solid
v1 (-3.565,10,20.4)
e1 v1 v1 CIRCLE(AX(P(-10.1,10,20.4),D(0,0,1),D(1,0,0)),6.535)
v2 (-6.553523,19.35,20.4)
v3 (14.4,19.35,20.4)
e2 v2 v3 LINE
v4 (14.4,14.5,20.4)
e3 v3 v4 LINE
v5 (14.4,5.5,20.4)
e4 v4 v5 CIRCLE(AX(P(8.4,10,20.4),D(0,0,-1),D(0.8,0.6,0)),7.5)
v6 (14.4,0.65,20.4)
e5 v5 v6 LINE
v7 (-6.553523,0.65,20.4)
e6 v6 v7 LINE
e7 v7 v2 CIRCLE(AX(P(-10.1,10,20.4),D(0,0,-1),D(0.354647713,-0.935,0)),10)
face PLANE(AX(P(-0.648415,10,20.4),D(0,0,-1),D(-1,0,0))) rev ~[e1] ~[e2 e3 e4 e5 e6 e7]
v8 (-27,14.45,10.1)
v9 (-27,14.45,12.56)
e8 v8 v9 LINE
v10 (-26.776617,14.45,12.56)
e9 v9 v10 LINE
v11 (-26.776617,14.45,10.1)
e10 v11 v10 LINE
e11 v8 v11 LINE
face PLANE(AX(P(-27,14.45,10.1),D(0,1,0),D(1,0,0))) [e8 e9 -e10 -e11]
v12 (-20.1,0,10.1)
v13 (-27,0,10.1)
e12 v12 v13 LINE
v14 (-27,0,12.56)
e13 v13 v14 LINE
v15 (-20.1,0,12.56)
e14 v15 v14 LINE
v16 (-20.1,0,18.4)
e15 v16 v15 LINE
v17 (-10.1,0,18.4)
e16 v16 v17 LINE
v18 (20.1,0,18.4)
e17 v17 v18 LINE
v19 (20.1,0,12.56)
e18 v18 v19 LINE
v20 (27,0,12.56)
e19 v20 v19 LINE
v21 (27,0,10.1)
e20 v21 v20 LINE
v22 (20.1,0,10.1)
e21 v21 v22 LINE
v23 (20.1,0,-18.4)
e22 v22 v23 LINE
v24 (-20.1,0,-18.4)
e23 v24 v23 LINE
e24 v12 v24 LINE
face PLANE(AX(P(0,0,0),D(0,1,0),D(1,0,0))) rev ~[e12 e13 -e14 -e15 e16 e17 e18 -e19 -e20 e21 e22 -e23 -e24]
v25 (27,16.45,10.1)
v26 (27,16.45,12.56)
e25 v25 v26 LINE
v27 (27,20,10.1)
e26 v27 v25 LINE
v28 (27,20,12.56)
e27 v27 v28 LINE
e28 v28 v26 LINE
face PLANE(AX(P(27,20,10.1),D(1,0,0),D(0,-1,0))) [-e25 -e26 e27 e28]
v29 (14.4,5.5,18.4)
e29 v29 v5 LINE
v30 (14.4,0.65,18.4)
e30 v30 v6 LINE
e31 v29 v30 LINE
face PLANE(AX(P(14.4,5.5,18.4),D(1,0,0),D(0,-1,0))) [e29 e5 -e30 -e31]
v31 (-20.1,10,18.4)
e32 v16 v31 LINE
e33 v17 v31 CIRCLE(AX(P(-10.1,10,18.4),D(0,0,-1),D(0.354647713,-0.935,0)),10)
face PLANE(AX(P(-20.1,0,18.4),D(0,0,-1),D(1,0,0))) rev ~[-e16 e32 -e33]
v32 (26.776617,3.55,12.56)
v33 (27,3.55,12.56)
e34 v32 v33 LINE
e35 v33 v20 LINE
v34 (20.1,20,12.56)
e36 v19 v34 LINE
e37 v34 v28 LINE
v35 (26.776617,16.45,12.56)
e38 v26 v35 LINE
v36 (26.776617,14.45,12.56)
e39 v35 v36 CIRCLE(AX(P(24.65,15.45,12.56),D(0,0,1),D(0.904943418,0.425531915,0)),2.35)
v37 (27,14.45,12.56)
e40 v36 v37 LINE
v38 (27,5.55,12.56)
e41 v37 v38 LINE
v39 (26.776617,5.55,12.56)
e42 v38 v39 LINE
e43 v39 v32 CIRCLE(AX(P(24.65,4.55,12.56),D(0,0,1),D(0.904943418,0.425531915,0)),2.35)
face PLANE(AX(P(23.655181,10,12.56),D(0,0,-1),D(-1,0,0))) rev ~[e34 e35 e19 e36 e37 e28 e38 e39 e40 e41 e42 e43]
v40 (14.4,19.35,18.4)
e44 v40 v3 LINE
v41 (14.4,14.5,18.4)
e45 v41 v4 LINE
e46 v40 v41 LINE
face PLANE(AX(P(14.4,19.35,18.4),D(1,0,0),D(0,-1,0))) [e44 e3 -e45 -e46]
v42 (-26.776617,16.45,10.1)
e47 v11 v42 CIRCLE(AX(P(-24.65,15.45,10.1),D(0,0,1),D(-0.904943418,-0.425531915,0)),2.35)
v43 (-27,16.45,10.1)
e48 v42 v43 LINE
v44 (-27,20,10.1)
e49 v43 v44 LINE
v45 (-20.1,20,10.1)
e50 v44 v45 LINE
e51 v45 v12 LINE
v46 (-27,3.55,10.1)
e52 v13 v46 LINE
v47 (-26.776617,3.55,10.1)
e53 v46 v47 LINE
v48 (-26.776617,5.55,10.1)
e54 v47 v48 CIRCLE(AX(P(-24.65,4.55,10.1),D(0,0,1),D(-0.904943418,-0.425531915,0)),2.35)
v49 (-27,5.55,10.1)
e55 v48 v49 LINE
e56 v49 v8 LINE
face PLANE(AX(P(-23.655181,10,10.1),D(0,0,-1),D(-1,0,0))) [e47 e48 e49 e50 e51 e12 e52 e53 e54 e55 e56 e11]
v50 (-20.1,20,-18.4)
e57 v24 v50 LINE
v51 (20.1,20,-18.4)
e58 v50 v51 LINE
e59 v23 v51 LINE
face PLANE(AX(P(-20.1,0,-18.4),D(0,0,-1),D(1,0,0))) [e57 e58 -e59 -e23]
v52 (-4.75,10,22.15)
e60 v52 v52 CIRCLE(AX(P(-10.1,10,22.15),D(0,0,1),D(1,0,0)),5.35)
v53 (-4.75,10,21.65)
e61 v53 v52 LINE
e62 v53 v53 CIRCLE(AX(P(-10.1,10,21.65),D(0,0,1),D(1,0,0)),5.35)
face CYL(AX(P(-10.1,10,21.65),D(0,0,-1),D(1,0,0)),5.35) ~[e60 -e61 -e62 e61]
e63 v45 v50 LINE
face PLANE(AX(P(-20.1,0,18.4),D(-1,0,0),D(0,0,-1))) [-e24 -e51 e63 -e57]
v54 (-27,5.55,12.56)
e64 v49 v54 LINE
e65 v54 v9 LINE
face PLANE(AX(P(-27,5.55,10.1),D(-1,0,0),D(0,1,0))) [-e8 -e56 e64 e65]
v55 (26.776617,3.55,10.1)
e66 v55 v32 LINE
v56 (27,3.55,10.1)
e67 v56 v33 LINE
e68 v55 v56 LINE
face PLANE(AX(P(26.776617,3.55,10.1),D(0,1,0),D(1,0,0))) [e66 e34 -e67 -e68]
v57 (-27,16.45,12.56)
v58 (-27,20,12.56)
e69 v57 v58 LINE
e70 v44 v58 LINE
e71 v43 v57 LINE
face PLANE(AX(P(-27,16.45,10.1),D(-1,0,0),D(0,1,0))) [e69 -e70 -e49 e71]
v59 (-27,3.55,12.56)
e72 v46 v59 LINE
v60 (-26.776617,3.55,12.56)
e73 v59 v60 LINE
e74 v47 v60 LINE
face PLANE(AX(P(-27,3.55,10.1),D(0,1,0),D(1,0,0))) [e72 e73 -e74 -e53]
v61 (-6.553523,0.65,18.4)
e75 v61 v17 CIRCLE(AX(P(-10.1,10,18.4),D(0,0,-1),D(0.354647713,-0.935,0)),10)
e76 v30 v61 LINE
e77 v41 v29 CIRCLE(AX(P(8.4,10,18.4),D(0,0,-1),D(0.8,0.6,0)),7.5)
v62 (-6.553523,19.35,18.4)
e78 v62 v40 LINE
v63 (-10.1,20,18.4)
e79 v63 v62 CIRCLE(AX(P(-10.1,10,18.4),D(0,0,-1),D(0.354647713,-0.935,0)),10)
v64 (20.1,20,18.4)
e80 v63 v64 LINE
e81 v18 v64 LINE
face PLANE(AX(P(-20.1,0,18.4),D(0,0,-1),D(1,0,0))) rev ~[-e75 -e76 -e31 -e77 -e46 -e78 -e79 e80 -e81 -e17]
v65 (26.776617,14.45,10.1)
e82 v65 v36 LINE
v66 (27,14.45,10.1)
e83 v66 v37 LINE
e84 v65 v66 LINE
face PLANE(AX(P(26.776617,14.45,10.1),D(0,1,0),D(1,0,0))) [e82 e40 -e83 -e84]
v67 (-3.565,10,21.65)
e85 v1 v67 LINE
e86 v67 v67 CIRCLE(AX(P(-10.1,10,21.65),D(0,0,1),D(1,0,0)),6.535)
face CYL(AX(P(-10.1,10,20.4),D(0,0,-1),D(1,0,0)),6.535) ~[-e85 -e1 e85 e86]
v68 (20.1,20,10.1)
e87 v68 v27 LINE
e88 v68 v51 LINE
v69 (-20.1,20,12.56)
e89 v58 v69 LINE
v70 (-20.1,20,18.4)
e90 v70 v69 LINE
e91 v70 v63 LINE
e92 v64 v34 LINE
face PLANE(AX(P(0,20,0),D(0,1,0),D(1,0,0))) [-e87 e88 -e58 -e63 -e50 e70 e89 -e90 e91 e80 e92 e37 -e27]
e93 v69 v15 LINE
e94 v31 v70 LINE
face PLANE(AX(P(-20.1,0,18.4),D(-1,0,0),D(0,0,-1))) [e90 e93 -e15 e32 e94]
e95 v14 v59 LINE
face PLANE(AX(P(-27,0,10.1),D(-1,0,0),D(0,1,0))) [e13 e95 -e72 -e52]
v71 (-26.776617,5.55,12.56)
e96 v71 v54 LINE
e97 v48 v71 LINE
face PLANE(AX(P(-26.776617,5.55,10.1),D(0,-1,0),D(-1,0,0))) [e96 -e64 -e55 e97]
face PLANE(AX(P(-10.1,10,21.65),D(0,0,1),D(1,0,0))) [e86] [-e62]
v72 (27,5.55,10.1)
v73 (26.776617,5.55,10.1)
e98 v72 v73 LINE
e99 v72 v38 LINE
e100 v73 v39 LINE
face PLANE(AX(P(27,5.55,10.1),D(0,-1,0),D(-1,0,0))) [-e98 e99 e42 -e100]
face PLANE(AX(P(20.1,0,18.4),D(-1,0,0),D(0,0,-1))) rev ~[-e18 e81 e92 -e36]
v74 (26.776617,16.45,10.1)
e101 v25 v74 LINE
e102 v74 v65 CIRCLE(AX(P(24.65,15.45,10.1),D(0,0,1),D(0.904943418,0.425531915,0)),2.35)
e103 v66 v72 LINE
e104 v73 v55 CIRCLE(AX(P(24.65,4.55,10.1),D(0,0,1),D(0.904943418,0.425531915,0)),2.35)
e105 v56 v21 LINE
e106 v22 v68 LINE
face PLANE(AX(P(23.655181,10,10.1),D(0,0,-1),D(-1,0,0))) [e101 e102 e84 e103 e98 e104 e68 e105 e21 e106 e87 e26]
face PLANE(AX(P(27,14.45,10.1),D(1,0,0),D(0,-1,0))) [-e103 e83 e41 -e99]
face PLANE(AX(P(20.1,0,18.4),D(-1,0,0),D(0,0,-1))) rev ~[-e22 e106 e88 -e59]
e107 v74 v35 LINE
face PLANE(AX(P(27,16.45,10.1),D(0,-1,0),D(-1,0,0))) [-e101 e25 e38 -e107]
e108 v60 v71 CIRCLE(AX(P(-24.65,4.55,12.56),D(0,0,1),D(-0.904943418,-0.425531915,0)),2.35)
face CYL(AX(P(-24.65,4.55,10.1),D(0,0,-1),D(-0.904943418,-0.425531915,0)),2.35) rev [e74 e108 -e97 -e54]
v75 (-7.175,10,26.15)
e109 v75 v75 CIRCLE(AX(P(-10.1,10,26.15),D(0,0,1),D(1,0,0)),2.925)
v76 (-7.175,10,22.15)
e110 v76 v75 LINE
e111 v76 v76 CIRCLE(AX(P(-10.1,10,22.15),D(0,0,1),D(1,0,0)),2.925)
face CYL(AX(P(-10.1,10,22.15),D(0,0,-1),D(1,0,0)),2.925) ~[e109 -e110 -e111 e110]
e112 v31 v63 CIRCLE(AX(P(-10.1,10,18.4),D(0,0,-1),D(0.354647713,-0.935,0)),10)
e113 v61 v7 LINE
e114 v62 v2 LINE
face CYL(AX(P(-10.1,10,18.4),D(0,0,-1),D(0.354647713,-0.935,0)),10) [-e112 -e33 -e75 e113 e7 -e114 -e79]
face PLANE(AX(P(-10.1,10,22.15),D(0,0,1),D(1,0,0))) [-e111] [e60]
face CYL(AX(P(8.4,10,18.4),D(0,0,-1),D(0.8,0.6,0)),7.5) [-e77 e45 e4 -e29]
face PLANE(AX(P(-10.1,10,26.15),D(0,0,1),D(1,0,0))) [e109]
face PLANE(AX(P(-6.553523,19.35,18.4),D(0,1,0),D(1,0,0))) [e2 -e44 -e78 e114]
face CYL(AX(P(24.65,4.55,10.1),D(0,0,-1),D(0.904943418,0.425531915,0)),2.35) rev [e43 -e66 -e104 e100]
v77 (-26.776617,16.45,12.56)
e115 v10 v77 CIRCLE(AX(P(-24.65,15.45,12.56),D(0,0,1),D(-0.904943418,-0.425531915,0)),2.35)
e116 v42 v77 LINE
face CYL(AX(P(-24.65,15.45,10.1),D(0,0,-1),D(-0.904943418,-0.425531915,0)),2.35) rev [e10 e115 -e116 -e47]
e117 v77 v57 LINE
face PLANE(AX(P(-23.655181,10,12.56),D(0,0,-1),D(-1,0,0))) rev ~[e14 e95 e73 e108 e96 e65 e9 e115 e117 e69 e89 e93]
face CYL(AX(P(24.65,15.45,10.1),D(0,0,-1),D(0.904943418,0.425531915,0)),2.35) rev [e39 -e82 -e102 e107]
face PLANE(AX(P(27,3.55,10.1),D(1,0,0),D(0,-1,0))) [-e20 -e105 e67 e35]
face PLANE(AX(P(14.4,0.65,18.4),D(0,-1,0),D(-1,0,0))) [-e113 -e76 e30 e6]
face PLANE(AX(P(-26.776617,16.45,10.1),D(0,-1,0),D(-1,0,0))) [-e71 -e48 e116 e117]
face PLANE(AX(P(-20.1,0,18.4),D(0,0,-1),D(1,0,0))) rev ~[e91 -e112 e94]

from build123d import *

# Parameters (mm, degrees)
SKIZZE1_W                       = 40.2
SKIZZE1_H                       = 36.8
AUFSATZ_LINEAR_AUSTRAGEN1_DEPTH = 20
AUFSATZ_LINEAR_AUSTRAGEN2_DEPTH = 2
SKIZZE3_R                       = 6.535
AUFSATZ_LINEAR_AUSTRAGEN3_DEPTH = 1.25
SKIZZE4_R                       = 5.35
AUFSATZ_LINEAR_AUSTRAGEN4_DEPTH = 0.5
SKIZZE5_R                       = 2.925
AUFSATZ_LINEAR_AUSTRAGEN5_DEPTH = 4
AUFSATZ_LINEAR_AUSTRAGEN6_DEPTH = 2.46


with BuildPart() as part:
    # Skizze1 → Aufsatz-Linear austragen1 (new body)
    with BuildSketch(Plane(origin=(0, 0, 0), x_dir=(1, 0, 0), z_dir=(0, 1, 0))):
        Rectangle(SKIZZE1_W, SKIZZE1_H)
    extrude(amount=AUFSATZ_LINEAR_AUSTRAGEN1_DEPTH)

    # Skizze2 → Aufsatz-Linear austragen2 (add)
    with BuildSketch(Plane.XY.offset(18.4)):
        with BuildLine():
            Line((-6.553522875, 19.35), (14.4, 19.35))
            Line((14.4, 19.35), (14.4, 14.5))
            ThreePointArc((14.4, 14.5), (15.9, 10), (14.4, 5.5))
            Line((14.4, 5.5), (14.4, 0.65))
            Line((14.4, 0.65), (-6.553522875, 0.65))
            ThreePointArc((-6.553522875, 0.65), (-20.1, 10), (-6.553522875, 19.35))
        make_face()
    extrude(amount=AUFSATZ_LINEAR_AUSTRAGEN2_DEPTH)

    # Skizze3 → Aufsatz-Linear austragen3 (add)
    with BuildSketch(Plane.XY.offset(20.4)):
        with Locations((-10.1, 10)):
            Circle(SKIZZE3_R)
    extrude(amount=AUFSATZ_LINEAR_AUSTRAGEN3_DEPTH)

    # Skizze4 → Aufsatz-Linear austragen4 (add)
    with BuildSketch(Plane.XY.offset(21.65)):
        with Locations((-10.1, 10)):
            Circle(SKIZZE4_R)
    extrude(amount=AUFSATZ_LINEAR_AUSTRAGEN4_DEPTH)

    # Skizze5 → Aufsatz-Linear austragen5 (add)
    with BuildSketch(Plane.XY.offset(22.15)):
        with Locations((-10.1, 10)):
            Circle(SKIZZE5_R)
    extrude(amount=AUFSATZ_LINEAR_AUSTRAGEN5_DEPTH)

    # Skizze6 → Aufsatz-Linear austragen6 (add)
    with BuildSketch(Plane(origin=(0, 0, 10.1), x_dir=(-1, 0, 0), z_dir=(0, 0, -1))):
        with BuildLine():
            Line((20.1, 20), (20.1, 0))
            Line((20.1, 0), (27, 0))
            Line((27, 0), (27, 3.55))
            Line((27, 3.55), (26.776617032, 3.55))
            ThreePointArc((26.776617032, 3.55), (22.3, 4.55), (26.776617032, 5.55))
            Line((26.776617032, 5.55), (27, 5.55))
            Line((27, 5.55), (27, 14.45))
            Line((27, 14.45), (26.776617032, 14.45))
            ThreePointArc((26.776617032, 14.45), (22.3, 15.45), (26.776617032, 16.45))
            Line((26.776617032, 16.45), (27, 16.45))
            Line((27, 16.45), (27, 20))
            Line((27, 20), (20.1, 20))
        make_face()
        with BuildLine():
            Line((-27, 3.55), (-27, 0))
            Line((-27, 0), (-20.1, 0))
            Line((-20.1, 0), (-20.1, 20))
            Line((-20.1, 20), (-27, 20))
            Line((-27, 20), (-27, 16.45))
            Line((-27, 16.45), (-26.776617032, 16.45))
            ThreePointArc((-26.776617032, 16.45), (-22.3, 15.45), (-26.776617032, 14.45))
            Line((-26.776617032, 14.45), (-27, 14.45))
            Line((-27, 14.45), (-27, 5.55))
            Line((-27, 5.55), (-26.776617032, 5.55))
            ThreePointArc((-26.776617032, 5.55), (-22.3, 4.55), (-26.776617032, 3.55))
            Line((-26.776617032, 3.55), (-27, 3.55))
        make_face()
    extrude(amount=-AUFSATZ_LINEAR_AUSTRAGEN6_DEPTH)


solid = part.part
